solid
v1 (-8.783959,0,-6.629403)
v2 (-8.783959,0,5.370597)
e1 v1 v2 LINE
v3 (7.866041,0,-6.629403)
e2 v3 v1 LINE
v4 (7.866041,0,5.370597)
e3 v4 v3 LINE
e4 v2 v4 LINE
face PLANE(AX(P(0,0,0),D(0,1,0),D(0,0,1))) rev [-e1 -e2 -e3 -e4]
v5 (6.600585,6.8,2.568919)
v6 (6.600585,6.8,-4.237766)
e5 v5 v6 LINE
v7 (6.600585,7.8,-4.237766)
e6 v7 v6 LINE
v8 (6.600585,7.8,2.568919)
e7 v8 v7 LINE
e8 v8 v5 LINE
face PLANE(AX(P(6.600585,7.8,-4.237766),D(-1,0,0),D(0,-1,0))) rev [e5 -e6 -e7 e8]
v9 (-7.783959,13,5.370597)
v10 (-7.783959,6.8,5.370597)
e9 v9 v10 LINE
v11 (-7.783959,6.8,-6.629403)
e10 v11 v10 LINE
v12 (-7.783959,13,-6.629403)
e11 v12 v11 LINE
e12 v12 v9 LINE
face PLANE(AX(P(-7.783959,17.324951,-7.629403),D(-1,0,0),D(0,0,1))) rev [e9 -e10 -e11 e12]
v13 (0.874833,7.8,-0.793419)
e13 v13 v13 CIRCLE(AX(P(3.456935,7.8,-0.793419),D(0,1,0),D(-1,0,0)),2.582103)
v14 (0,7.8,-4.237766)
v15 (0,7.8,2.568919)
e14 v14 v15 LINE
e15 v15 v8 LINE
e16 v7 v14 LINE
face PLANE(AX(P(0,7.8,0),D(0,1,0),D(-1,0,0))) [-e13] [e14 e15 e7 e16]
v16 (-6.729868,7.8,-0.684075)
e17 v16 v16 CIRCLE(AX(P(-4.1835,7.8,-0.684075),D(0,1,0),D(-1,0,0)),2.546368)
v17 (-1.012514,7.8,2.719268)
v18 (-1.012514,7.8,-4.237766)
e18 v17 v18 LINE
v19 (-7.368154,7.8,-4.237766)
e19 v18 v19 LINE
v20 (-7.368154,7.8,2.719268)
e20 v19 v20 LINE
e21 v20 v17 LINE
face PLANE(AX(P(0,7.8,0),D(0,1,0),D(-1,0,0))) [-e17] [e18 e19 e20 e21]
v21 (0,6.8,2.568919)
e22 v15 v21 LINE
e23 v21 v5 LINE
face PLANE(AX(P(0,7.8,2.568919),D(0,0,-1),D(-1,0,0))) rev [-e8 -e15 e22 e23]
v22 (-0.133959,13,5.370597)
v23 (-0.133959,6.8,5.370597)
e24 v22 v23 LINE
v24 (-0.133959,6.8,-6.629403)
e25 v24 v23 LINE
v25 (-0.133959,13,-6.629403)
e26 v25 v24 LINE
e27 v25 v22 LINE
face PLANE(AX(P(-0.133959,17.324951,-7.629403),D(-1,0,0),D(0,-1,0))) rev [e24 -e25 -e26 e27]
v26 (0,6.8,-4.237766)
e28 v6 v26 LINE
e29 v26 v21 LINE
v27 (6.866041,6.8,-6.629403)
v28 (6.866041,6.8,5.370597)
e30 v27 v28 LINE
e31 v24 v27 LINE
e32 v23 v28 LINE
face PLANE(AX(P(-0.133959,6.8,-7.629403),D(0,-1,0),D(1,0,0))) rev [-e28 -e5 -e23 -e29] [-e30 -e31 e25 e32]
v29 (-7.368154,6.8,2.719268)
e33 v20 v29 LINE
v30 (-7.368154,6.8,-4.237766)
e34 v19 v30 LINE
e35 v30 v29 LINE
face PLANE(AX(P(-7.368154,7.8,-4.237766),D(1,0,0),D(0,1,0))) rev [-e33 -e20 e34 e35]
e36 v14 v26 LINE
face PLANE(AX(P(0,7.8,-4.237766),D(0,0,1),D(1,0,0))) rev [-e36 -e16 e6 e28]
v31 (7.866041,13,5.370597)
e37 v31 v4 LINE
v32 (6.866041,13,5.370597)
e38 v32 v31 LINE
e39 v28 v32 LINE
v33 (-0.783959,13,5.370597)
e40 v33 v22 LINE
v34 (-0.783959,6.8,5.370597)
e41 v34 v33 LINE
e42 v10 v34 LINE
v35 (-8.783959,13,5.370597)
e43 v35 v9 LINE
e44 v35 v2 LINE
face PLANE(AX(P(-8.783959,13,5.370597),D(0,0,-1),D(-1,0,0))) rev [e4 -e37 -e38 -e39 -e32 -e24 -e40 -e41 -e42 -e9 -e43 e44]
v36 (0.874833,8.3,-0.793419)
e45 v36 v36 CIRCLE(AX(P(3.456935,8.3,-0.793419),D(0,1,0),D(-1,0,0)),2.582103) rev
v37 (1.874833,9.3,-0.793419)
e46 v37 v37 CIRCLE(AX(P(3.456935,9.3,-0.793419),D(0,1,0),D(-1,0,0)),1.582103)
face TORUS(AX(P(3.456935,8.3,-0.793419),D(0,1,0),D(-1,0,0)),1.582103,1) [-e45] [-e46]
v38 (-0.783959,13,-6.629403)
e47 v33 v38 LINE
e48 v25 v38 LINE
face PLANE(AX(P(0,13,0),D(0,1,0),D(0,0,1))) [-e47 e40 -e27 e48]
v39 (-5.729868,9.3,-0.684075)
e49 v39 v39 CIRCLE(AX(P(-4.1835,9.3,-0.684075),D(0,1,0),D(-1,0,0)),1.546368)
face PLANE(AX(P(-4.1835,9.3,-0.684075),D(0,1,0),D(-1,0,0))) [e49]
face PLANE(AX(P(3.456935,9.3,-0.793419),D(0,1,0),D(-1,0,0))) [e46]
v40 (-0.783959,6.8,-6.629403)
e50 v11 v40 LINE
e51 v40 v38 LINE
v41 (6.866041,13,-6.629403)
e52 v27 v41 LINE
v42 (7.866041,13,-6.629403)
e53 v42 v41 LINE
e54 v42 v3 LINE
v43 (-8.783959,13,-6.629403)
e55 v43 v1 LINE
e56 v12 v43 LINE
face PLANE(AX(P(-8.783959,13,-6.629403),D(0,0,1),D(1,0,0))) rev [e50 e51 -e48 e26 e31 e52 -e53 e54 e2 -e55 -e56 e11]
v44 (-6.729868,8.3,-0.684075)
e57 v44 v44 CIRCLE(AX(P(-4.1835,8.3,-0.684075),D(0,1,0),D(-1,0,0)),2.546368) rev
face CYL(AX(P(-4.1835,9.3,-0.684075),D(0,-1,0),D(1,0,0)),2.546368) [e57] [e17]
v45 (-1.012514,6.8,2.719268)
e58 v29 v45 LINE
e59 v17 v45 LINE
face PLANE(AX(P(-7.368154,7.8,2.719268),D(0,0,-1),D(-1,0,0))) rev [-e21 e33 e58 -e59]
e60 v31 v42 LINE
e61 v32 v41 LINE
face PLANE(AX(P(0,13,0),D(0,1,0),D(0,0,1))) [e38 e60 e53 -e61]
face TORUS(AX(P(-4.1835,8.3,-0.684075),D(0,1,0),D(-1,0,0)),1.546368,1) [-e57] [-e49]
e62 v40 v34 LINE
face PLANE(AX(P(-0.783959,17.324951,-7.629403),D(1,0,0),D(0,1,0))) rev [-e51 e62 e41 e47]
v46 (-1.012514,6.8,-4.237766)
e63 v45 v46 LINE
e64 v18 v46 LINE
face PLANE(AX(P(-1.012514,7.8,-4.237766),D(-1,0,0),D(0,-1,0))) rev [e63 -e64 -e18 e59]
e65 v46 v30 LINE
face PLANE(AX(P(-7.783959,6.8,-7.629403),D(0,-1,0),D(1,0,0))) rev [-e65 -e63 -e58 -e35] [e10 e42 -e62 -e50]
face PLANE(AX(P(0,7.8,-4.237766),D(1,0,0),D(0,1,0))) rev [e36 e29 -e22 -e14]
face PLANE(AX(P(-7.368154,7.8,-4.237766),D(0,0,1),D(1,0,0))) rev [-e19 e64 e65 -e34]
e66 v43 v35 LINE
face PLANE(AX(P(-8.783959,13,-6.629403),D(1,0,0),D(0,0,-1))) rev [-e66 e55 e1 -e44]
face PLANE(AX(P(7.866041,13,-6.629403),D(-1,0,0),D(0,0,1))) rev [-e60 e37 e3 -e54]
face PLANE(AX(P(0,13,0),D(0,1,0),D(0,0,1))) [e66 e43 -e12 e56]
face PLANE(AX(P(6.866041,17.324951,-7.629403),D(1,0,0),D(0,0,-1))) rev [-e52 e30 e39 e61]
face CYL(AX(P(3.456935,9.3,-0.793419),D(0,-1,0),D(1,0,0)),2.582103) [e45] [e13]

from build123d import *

# Parameters (mm, degrees)
SKETCH1_W           = 16.65
SKETCH1_H           = 12
BOSS_EXTRUDE1_DEPTH = 13
SKETCH2_W           = 7
SKETCH2_H           = 10.524951481
CUT_EXTRUDE1_DEPTH  = 13
SKETCH3_W           = 6.35563947
SKETCH3_H           = 6.957033312
SKETCH3_W_2         = 6.600584973
SKETCH3_H_2         = 6.806684851
BOSS_EXTRUDE2_DEPTH = 1
SKETCH4_R           = 2.546367572
SKETCH4_R_2         = 2.582102571
BOSS_EXTRUDE3_DEPTH = 1.5
FILLET1_R           = 1


with BuildPart() as part:
    # Sketch1 → Boss-Extrude1 (new body)
    with BuildSketch(Plane(origin=(0, 0, 0), x_dir=(1, 0, 0), z_dir=(0, 1, 0))):
        with Locations((-0.458958652, 0.629402757)):
            Rectangle(SKETCH1_W, SKETCH1_H)
    extrude(amount=BOSS_EXTRUDE1_DEPTH)

    # Sketch2 → Cut-Extrude1 (cut)
    with BuildSketch(Plane.XY.offset(5.370597243)):
        with Locations((-4.283958652, 12.062475741)):
            Rectangle(SKETCH2_W, SKETCH2_H)
        with Locations((3.366041348, 12.062475741)):
            Rectangle(SKETCH2_W, SKETCH2_H)
    extrude(amount=-CUT_EXTRUDE1_DEPTH, mode=Mode.SUBTRACT)

    # Sketch3 → Boss-Extrude2 (add)
    with BuildSketch(Plane(origin=(0, 6.8, 0), x_dir=(1, 0, 0), z_dir=(0, 1, 0))):
        with Locations((-4.190334083, 0.759249154)):
            Rectangle(SKETCH3_W, SKETCH3_H)
        with Locations((3.300292487, 0.834423384)):
            Rectangle(SKETCH3_W_2, SKETCH3_H_2)
    extrude(amount=BOSS_EXTRUDE2_DEPTH)

    # Sketch4 → Boss-Extrude3 (add)
    with BuildSketch(Plane(origin=(0, 7.8, 0), x_dir=(1, 0, 0), z_dir=(0, 1, 0))):
        with Locations((-4.183500062, 0.684074924)):
            Circle(SKETCH4_R)
        with Locations((3.456935343, 0.793419259)):
            Circle(SKETCH4_R_2)
    extrude(amount=BOSS_EXTRUDE3_DEPTH)

    # Fillet1
    fillet1_edges = [part.edges().sort_by_distance(p)[0] for p in [
        (-6.729867634, 9.3, -0.684074924),
        (0.874832772, 9.3, -0.793419259),
    ]]
    fillet(fillet1_edges, radius=FILLET1_R)


solid = part.part
